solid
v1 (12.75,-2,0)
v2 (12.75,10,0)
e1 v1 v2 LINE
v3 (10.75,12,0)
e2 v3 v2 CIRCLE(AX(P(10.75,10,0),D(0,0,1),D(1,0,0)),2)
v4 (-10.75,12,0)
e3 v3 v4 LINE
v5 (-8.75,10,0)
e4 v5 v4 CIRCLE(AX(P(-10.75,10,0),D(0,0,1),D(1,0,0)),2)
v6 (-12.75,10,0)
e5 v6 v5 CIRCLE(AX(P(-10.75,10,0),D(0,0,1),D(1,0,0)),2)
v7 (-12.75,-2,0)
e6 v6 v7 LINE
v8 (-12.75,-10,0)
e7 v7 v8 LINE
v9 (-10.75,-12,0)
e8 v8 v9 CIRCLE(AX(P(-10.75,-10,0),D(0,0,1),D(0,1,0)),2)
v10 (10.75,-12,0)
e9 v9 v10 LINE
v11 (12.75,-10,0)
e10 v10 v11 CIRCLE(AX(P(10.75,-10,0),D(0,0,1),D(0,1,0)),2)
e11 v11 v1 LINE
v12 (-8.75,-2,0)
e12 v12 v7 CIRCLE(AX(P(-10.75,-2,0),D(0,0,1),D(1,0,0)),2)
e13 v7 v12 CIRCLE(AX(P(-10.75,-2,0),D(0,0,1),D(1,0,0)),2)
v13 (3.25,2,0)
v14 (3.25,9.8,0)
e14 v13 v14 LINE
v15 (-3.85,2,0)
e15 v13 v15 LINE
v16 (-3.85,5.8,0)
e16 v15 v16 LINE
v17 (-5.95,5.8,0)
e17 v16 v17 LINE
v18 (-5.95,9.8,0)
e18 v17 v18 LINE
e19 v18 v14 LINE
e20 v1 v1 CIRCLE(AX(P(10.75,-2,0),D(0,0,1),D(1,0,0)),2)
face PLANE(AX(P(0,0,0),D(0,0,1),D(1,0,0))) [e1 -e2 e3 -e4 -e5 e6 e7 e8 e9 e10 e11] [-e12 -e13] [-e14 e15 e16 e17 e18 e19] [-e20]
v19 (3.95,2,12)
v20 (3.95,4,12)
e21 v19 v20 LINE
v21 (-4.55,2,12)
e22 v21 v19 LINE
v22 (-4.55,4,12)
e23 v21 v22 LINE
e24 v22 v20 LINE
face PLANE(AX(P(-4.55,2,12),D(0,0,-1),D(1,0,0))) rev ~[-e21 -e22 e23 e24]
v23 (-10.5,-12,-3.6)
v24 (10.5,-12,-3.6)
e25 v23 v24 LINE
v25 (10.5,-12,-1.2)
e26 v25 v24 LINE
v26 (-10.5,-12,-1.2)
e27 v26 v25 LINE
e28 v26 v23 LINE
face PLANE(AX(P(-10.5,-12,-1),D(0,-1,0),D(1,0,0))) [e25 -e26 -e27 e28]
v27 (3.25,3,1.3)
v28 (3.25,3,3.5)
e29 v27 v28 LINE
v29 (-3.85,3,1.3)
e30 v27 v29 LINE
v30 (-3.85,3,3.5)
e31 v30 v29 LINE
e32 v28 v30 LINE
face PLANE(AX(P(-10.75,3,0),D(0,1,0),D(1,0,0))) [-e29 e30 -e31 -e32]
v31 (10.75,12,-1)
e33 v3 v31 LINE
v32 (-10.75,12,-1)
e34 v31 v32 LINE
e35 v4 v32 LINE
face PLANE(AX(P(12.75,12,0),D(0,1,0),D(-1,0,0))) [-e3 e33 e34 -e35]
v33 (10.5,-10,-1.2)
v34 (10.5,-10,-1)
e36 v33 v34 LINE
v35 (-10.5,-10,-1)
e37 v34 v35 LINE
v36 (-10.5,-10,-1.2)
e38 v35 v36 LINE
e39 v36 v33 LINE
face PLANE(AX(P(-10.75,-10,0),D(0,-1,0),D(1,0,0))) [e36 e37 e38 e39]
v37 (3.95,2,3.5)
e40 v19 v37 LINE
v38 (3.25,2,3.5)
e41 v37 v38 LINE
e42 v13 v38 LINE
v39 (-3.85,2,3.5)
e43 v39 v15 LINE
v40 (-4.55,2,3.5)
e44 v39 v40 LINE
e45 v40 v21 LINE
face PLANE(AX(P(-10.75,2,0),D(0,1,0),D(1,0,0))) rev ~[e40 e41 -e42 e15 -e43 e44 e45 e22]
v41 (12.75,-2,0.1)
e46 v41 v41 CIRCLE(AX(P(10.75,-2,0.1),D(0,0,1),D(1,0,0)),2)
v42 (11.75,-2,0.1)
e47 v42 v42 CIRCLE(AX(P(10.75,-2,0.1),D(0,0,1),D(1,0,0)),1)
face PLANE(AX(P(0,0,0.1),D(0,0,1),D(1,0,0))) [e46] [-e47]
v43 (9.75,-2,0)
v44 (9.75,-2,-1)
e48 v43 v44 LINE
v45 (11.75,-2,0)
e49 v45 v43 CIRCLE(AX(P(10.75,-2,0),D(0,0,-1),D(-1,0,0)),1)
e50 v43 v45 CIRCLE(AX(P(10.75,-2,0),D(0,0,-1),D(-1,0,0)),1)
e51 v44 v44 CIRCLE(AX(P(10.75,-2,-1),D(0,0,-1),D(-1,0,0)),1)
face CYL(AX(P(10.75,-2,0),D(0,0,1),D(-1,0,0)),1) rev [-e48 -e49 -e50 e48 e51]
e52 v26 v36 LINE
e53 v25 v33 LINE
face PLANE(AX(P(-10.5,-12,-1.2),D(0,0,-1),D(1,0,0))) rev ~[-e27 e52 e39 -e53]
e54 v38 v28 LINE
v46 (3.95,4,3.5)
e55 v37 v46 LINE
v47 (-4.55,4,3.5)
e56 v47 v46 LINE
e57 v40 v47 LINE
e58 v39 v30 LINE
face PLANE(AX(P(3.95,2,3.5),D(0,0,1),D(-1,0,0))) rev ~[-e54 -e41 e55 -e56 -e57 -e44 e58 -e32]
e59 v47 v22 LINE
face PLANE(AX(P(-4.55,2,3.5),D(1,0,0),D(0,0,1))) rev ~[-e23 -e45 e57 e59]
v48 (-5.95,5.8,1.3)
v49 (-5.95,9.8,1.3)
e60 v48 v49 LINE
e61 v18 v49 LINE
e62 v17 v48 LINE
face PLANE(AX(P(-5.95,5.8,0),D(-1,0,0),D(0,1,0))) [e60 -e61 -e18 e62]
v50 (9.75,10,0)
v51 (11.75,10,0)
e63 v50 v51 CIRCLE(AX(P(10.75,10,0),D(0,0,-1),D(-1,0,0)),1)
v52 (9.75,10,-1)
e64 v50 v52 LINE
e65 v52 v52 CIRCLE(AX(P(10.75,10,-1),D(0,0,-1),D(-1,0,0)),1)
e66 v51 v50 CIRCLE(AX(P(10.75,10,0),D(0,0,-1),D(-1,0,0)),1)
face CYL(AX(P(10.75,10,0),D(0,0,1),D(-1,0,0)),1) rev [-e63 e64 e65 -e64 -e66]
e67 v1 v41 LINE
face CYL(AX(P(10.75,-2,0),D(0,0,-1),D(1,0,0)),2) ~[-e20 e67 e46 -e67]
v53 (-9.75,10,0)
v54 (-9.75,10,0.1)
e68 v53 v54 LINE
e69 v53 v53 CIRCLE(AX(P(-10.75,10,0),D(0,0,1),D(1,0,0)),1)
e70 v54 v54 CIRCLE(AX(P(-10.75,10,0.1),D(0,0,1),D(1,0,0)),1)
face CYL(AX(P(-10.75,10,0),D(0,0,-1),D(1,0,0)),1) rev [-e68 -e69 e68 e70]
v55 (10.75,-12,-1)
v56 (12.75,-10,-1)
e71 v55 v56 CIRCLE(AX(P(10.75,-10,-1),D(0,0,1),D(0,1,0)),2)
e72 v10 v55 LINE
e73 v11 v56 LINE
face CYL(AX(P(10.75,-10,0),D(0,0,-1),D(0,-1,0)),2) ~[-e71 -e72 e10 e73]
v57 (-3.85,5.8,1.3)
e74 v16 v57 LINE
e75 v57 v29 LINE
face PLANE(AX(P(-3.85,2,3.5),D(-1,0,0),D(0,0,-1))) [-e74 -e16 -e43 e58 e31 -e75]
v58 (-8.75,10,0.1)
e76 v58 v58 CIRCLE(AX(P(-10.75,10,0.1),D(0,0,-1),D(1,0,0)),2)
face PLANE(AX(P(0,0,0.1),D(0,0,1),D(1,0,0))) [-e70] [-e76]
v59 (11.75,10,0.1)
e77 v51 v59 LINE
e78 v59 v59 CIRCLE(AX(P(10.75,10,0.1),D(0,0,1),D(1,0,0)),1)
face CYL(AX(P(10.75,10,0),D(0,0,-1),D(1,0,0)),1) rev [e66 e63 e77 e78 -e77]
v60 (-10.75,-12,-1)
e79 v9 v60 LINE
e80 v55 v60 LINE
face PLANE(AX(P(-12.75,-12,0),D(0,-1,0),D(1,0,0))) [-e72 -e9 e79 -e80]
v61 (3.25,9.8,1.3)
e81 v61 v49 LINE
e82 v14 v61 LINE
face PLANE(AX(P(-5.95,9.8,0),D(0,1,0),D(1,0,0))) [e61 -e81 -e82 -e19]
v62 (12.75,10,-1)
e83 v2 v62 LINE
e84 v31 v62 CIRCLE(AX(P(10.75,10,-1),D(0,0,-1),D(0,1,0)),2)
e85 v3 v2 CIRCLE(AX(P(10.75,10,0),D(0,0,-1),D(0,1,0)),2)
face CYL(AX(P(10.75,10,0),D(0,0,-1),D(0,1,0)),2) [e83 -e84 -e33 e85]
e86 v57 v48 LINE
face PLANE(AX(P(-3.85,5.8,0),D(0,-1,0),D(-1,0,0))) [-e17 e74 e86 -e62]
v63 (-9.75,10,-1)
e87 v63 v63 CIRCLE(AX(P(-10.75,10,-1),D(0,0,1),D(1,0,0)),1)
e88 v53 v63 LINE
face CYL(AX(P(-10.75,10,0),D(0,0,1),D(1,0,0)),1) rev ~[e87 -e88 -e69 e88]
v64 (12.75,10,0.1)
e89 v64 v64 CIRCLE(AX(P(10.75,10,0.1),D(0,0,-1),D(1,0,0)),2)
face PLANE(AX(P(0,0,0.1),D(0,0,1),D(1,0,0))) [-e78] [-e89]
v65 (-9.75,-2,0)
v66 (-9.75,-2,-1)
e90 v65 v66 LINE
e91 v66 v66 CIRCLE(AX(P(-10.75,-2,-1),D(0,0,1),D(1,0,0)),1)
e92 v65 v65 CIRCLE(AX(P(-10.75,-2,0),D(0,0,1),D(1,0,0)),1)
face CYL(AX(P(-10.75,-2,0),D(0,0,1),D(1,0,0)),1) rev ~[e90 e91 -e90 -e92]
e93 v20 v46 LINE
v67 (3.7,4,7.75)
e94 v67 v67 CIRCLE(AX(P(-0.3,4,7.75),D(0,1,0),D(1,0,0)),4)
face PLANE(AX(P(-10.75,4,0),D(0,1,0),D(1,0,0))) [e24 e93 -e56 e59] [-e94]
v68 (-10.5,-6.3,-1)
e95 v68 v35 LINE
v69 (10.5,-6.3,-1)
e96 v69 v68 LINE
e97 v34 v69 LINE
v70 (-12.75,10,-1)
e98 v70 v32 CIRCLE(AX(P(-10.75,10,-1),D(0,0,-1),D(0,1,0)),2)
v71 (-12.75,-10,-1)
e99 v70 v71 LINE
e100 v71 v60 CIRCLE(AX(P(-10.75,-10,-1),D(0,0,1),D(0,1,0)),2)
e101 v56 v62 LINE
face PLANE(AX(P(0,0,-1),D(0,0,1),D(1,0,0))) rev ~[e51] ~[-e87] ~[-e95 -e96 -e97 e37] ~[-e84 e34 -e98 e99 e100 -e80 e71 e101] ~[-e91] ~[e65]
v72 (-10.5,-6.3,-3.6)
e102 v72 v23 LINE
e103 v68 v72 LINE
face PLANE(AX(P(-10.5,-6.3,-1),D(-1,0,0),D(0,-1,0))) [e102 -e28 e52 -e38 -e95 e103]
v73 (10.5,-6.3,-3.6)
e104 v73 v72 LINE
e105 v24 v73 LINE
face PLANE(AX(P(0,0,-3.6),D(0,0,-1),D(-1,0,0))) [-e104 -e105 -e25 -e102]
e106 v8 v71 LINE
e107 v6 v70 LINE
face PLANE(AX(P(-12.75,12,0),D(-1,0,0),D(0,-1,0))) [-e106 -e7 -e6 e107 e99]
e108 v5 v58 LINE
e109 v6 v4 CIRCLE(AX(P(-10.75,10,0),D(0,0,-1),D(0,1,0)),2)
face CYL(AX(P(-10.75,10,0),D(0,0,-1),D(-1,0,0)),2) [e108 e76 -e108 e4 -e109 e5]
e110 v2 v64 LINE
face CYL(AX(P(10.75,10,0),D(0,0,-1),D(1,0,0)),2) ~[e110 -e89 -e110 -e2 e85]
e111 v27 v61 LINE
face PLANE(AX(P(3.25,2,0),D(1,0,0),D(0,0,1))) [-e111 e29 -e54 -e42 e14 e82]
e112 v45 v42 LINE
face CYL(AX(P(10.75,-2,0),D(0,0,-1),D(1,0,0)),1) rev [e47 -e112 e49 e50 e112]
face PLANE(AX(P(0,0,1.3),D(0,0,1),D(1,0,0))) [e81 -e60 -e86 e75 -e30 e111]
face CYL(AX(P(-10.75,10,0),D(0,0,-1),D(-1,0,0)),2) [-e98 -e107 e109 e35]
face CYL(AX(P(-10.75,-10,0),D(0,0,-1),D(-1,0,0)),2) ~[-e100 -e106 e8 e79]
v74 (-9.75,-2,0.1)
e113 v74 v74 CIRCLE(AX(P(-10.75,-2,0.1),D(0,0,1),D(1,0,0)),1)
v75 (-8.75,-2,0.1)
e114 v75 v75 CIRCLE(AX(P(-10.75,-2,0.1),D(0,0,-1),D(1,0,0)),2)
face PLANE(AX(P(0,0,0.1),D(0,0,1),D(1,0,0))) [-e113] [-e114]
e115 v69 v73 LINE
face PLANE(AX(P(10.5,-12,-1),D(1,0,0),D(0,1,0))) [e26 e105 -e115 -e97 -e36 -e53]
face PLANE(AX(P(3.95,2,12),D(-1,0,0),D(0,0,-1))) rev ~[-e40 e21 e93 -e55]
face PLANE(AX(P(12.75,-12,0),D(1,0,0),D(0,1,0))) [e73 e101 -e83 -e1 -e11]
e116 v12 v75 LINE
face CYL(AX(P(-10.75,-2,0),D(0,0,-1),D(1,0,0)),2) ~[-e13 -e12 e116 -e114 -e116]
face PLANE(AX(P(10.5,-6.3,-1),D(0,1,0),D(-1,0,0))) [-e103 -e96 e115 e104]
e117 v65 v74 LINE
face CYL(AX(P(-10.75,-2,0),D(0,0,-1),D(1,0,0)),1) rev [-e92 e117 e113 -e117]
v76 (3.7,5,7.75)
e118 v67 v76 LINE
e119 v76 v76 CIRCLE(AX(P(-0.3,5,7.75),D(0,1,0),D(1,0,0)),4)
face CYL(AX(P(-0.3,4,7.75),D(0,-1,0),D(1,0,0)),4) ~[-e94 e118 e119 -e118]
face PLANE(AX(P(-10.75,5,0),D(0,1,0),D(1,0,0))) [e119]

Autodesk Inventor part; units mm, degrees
ref_plane "YZ Plane" through (0, 0, 0) normal (1, 0, 0) x (0, 1, 0)
ref_plane "XZ Plane" through (0, 0, 0) normal (0, 1, 0) x (-1, 0, 0)
sketch "스케치1" plane through (0, 0, 0) normal (0, 0, 1) x (1, 0, 0)
  line L0 (-12.75, -12) -> (12.75, -12)
  line L1 (12.75, -12) -> (12.75, 12)
  line L2 (12.75, 12) -> (-12.75, 12)
  line L3 (-12.75, 12) -> (-12.75, -12)
  line L4 (-12.75, -12) -> (12.75, 12) construction
  line L5 (12.75, -12) -> (-12.75, 12) construction
  line L6 (-4.25, 2.8) -> (4.25, 2.8)
  line L7 (4.25, 2.8) -> (4.25, -5.7)
  line L8 (4.25, -5.7) -> (-4.25, -5.7)
  line L9 (-4.25, -5.7) -> (-4.25, 2.8)
  line L10 (-4.25, 2.8) -> (4.25, -5.7) construction
  line L11 (4.25, 2.8) -> (-4.25, -5.7) construction
  line L12 (-5.95, 9.8) -> (3.25, 9.8)
  line L13 (3.25, 9.8) -> (3.25, 5.8)
  line L14 (3.25, 5.8) -> (-5.95, 5.8)
  line L15 (-5.95, 5.8) -> (-5.95, 9.8)
  line L16 (3.25, 9.8) -> (-3.85, 9.8)
  line L17 (-3.85, 9.8) -> (-3.85, 2.8)
  line L18 (-3.85, 2.8) -> (3.25, 2.8)
  line L19 (3.25, 2.8) -> (3.25, 9.8)
  circle A0 centre (-10.75, 10) radius 1
  point P0 (0, 0)
  point P1 (0, -1.45)
  point P2 (3.25, 2.8)
  point P3 (-3.85, 5.8)
  point P4 (0, -1.45)
  point P5 (0, 0)
  dimension "d0" = 25.5
  dimension "d1" = 24
  dimension "d2" = 8.5
  dimension "d3" = 8.5
  dimension "d4" = 17.7
  dimension "d5" = 1
  dimension "d6" = 7.1
  dimension "d7" = 4
  dimension "d8" = 7
  dimension "d9" = 9.2
  dimension "d10" = 2
  dimension "d11" = 2
  dimension "d12" = 2
extrude "돌출1" add sketch "스케치1" against normal blind 1 contours L3 L2 L1 L0 | L6 L7 L8 L9 | L17 L14 L19 L6 | L17 L12 L13 L14 | L14 L15 L12 L17 | A0
extrude "돌출2" cut sketch "스케치1" against normal blind 1 contours A0
extrude "돌출3" add sketch "스케치1" along normal blind 1.3 contours L17 L14 L19 L6 | L17 L12 L13 L14 | L14 L15 L12 L17
fillet "모깎기1" radius 2 4 edges at (-12.75, 12, -0.5) (-12.75, -12, -0.5) (12.75, -12, -0.5) (12.75, 12, -0.5)
mirror "미러3" about plane through (0, 0, 0) normal (1, 0, 0) of "돌출2"
pattern_linear "직사각형 패턴1" count 2 spacing 12 along (0, -1, 0) of "돌출2", "미러3"
sketch "스케치2" plane through (0, 0, 0) normal (0, 0, 1) x (1, 0, 0)
  point P0 (0, 0)
sketch "스케치4" plane through (0, 0, 0) normal (0, 0, 1) x (1, 0, 0)
  circle A0 centre (-10.75, 10) radius 1 projected
  arc A1 (-10.75, 12) -> (-12.75, 10) centre (-10.75, 10) ccw projected
  circle A2 centre (-10.75, 10) radius 2
  circle A3 centre (10.75, 10) radius 1 projected
  line L0 (10.75, 12) -> (-10.75, 12) projected
  circle A4 centre (10.75, 10) radius 2
  circle A5 centre (10.75, -2) radius 1 projected
  circle A6 centre (10.75, -2) radius 2
  circle A7 centre (-10.75, -2) radius 2
  line L1 (-12.75, 10) -> (-12.75, -10) projected
  circle A8 centre (-10.75, -2) radius 1 projected
  point P0 (0, 0)
  point P1 (-12.75, 10)
extrude "돌출7" add sketch "스케치4" along normal blind 0.1
sketch "스케치5" plane through (0, 0, -1) normal (0, 0, -1) x (-1, 0, 0)
  line L0 (10.75, -12) -> (-10.75, -12) projected
  line L1 (-10.5, -6.3) -> (10.5, -6.3)
  line L2 (10.5, -6.3) -> (10.5, -12)
  line L3 (10.5, -12) -> (-10.5, -12)
  line L4 (-10.5, -12) -> (-10.5, -6.3)
  point P0 (0, 0)
  point P1 (0, -12)
  dimension "d36" = 21
  dimension "d37" = 5.7
extrude "돌출8" add sketch "스케치5" along normal blind 2.6
sketch "스케치6" plane through (-10.75, -12, 0) normal (0, -1, 0) x (1, 0, 0)
  line L0 (21.25, -1) -> (0.25, -1) projected
  line L1 (0.25, -1) -> (0.25, -3.6) projected
  line L2 (21.25, -1) -> (0.25, -1)
  line L3 (0.25, -1) -> (0.25, -1.2)
  line L4 (0.25, -1.2) -> (21.25, -1.2)
  line L5 (21.25, -1.2) -> (21.25, -1)
  point P0 (10.75, 0)
  dimension "d40" = 0.2
extrude "돌출9" cut sketch "스케치6" against normal blind 2
ref_plane "작업 평면1" through (-10.75, 2, 0) normal (0, 1, 0) x (1, 0, 0)
sketch "스케치7" plane through (-10.75, 2, 0) normal (0, 1, 0) x (1, 0, 0)
  line L0 (14, 0) -> (6.9, 0) projected
  line L1 (6.9, 0) -> (14, 0)
  line L2 (14, 0) -> (14, -3.5)
  line L3 (14, -3.5) -> (6.9, -3.5)
  line L4 (6.9, -3.5) -> (6.9, 0)
  line L5 (6.2, -12) -> (14.7, -12)
  line L6 (14.7, -12) -> (14.7, -3.5)
  line L7 (14.7, -3.5) -> (6.2, -3.5)
  line L8 (6.2, -3.5) -> (6.2, -12)
  line L9 (6.2, -12) -> (14.7, -3.5) construction
  line L10 (14.7, -12) -> (6.2, -3.5) construction
  point P0 (10.75, 0)
  point P1 (10.45, -7.75)
  point P2 (10.45, -3.5)
  dimension "d45" = 12
  dimension "d46" = 8.5
  dimension "d47" = 8.5
extrude "돌출10" add sketch "스케치7" along normal blind 1 contours L2 L3 L4 L0
extrude "돌출11" add sketch "스케치7" along normal blind 2 contours L7 L6 L5 L8 L3
sketch "스케치8" plane through (-10.75, 4, 0) normal (0, 1, 0) x (1, 0, 0)
  line L0 (6.2, -12) -> (14.7, -12) projected
  line L1 (10.45, -12) -> (10.45, -3.5) construction
  line L2 (6.9, -3.5) -> (14, -3.5) projected
  circle A0 centre (10.45, -7.75) radius 4
  point P0 (10.75, 0)
  dimension "d52" = 8
extrude "돌출12" add sketch "스케치8" along normal blind 1
properties part number "RasCamera"
